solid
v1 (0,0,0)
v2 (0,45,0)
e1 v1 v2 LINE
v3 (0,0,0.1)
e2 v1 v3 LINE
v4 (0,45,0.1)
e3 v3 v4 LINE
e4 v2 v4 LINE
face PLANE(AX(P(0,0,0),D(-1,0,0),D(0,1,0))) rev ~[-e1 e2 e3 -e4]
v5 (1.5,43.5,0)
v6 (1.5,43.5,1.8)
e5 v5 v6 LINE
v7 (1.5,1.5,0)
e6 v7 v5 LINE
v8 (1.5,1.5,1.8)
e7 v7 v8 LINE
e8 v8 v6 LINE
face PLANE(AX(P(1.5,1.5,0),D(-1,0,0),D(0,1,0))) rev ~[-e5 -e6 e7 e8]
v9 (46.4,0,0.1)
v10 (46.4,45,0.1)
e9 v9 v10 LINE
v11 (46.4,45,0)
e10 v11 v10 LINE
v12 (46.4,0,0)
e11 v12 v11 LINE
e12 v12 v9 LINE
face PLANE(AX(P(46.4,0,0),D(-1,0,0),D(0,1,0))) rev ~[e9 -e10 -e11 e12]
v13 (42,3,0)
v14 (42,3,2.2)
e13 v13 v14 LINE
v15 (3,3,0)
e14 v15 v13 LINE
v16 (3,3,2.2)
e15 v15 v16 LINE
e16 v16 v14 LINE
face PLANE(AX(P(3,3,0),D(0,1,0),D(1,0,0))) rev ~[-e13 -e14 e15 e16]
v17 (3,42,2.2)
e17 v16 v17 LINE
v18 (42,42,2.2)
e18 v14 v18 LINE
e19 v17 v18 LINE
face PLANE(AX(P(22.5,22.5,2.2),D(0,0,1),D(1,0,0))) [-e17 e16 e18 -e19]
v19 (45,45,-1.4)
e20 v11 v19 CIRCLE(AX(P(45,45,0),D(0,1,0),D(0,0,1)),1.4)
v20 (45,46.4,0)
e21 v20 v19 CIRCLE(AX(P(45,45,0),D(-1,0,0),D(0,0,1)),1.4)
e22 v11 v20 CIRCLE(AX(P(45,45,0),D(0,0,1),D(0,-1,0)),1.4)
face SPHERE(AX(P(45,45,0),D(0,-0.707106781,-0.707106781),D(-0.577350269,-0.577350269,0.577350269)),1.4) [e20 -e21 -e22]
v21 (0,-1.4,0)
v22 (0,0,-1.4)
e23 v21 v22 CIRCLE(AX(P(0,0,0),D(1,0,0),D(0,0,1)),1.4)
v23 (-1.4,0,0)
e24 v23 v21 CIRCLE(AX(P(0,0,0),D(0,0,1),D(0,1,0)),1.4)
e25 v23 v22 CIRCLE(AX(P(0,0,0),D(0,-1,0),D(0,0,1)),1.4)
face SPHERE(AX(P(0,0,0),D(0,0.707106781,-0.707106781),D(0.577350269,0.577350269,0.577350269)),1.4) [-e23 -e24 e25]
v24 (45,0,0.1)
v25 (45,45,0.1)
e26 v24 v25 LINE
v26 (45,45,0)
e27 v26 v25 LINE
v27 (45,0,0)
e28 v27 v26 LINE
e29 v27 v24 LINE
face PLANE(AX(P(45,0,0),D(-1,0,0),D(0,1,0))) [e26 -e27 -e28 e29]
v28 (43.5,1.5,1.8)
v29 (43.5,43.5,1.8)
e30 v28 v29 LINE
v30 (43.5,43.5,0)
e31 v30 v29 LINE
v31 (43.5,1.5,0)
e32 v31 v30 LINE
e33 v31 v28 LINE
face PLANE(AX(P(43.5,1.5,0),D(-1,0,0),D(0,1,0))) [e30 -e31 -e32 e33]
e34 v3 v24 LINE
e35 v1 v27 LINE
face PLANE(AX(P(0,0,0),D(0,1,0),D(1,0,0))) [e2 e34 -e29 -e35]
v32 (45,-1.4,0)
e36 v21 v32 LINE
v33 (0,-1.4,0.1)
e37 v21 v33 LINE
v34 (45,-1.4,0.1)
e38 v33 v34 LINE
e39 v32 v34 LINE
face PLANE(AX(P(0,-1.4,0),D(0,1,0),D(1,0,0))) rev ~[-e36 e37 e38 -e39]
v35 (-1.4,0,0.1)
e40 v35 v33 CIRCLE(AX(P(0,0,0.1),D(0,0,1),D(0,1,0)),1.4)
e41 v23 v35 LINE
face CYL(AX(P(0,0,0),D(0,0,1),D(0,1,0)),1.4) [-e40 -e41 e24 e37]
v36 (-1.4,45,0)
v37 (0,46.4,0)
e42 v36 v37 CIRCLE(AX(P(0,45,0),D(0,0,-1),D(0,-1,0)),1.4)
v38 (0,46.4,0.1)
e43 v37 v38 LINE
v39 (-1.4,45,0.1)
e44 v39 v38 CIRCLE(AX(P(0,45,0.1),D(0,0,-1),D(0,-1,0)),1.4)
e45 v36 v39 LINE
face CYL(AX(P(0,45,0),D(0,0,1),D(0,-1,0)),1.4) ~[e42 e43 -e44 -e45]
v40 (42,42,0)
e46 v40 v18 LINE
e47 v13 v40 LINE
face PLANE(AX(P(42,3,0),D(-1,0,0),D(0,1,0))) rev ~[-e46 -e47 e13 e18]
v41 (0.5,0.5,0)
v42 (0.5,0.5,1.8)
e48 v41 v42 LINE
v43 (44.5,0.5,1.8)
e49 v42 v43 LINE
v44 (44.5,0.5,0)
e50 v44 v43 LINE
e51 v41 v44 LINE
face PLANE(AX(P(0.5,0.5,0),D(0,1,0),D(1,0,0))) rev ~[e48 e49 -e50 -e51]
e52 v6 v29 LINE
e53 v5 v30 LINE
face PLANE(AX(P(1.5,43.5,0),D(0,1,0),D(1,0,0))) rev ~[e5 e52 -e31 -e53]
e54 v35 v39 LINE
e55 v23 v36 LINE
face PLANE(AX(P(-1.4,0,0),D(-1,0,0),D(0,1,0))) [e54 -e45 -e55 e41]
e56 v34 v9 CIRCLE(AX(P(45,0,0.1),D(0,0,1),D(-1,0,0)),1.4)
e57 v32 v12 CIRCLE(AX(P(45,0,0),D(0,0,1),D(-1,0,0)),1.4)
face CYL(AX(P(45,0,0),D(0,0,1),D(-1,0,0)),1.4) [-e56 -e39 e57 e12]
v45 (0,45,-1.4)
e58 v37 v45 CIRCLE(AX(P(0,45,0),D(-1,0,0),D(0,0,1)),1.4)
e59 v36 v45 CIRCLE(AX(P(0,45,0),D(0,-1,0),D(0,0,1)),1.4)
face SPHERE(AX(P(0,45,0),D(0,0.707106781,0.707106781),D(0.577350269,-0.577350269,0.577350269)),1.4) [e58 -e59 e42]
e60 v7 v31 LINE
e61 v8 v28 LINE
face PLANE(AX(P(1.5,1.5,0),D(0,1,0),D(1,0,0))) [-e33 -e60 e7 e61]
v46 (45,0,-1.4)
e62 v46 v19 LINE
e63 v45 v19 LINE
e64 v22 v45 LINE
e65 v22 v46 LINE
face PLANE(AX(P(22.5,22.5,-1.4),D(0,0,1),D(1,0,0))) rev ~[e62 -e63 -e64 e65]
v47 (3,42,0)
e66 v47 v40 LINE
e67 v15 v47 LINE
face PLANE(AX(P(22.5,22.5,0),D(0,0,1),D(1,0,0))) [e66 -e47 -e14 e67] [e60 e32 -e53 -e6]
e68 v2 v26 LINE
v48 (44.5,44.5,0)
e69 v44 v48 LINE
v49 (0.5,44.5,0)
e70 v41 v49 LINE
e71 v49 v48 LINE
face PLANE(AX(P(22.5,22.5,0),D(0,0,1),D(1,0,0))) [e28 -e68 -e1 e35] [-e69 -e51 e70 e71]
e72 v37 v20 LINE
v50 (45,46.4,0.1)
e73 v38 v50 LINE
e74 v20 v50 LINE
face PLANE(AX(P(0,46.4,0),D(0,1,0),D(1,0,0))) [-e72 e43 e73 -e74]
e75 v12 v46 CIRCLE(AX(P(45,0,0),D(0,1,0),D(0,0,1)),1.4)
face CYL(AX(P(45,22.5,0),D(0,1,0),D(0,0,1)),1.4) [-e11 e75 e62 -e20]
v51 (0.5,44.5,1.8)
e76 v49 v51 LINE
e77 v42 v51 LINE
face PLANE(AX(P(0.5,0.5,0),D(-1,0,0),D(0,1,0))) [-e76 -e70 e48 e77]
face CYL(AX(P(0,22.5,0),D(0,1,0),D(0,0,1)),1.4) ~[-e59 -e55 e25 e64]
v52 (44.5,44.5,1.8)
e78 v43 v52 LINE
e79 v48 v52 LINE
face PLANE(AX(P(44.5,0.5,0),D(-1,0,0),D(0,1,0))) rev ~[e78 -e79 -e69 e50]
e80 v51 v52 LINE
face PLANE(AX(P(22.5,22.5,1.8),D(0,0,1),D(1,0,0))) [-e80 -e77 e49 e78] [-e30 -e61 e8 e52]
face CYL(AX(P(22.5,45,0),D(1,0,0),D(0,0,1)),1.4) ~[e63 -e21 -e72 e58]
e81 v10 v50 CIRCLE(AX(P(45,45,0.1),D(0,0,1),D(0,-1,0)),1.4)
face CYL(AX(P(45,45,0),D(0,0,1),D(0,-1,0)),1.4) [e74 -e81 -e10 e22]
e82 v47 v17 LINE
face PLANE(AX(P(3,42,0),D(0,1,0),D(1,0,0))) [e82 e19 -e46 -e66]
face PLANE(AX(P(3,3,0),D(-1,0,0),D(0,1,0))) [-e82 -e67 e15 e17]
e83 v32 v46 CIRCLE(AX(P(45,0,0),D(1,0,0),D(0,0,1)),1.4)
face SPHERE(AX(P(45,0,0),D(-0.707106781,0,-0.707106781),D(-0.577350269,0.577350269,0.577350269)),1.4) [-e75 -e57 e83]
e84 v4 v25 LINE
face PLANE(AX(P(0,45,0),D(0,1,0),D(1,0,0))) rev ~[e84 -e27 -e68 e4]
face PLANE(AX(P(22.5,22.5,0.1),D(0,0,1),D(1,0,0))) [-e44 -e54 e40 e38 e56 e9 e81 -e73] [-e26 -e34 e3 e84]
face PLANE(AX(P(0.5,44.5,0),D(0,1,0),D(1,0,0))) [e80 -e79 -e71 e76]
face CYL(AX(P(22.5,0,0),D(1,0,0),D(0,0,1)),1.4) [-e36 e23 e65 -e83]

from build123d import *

# Parameters (mm, degrees)
SKETCH_W      = 45
SKETCH_H      = 45
PAD_DEPTH     = 0.1
THICKNESS_T   = 1.4
SKETCH001_W   = 44
SKETCH001_H   = 44
SKETCH001_W_2 = 42
SKETCH001_H_2 = 42
PAD001_DEPTH  = 1.8
SKETCH002_W   = 39
SKETCH002_H   = 39
PAD002_DEPTH  = 2.2


with BuildPart() as part:
    # Sketch → Pad (new body)
    with BuildSketch(Plane.XY):
        with Locations((22.5, 22.5)):
            Rectangle(SKETCH_W, SKETCH_H)
    extrude(amount=PAD_DEPTH)

    # Thickness
    thickness_openings = [part.faces().sort_by_distance(p)[0] for p in [
        (22.5, 22.5, 0.1),
    ]]
    offset(amount=THICKNESS_T, openings=thickness_openings)

    # Sketch001 → Pad001 (new body)
    with BuildSketch(Plane.XY):
        with Locations((22.5, 22.5)):
            Rectangle(SKETCH001_W, SKETCH001_H)
        with Locations((22.5, 22.5)):
            Rectangle(SKETCH001_W_2, SKETCH001_H_2, mode=Mode.SUBTRACT)
    extrude(amount=PAD001_DEPTH)

    # Sketch002 → Pad002 (new body)
    with BuildSketch(Plane.XY):
        with Locations((22.5, 22.5)):
            Rectangle(SKETCH002_W, SKETCH002_H)
    extrude(amount=PAD002_DEPTH)


solid = part.part
